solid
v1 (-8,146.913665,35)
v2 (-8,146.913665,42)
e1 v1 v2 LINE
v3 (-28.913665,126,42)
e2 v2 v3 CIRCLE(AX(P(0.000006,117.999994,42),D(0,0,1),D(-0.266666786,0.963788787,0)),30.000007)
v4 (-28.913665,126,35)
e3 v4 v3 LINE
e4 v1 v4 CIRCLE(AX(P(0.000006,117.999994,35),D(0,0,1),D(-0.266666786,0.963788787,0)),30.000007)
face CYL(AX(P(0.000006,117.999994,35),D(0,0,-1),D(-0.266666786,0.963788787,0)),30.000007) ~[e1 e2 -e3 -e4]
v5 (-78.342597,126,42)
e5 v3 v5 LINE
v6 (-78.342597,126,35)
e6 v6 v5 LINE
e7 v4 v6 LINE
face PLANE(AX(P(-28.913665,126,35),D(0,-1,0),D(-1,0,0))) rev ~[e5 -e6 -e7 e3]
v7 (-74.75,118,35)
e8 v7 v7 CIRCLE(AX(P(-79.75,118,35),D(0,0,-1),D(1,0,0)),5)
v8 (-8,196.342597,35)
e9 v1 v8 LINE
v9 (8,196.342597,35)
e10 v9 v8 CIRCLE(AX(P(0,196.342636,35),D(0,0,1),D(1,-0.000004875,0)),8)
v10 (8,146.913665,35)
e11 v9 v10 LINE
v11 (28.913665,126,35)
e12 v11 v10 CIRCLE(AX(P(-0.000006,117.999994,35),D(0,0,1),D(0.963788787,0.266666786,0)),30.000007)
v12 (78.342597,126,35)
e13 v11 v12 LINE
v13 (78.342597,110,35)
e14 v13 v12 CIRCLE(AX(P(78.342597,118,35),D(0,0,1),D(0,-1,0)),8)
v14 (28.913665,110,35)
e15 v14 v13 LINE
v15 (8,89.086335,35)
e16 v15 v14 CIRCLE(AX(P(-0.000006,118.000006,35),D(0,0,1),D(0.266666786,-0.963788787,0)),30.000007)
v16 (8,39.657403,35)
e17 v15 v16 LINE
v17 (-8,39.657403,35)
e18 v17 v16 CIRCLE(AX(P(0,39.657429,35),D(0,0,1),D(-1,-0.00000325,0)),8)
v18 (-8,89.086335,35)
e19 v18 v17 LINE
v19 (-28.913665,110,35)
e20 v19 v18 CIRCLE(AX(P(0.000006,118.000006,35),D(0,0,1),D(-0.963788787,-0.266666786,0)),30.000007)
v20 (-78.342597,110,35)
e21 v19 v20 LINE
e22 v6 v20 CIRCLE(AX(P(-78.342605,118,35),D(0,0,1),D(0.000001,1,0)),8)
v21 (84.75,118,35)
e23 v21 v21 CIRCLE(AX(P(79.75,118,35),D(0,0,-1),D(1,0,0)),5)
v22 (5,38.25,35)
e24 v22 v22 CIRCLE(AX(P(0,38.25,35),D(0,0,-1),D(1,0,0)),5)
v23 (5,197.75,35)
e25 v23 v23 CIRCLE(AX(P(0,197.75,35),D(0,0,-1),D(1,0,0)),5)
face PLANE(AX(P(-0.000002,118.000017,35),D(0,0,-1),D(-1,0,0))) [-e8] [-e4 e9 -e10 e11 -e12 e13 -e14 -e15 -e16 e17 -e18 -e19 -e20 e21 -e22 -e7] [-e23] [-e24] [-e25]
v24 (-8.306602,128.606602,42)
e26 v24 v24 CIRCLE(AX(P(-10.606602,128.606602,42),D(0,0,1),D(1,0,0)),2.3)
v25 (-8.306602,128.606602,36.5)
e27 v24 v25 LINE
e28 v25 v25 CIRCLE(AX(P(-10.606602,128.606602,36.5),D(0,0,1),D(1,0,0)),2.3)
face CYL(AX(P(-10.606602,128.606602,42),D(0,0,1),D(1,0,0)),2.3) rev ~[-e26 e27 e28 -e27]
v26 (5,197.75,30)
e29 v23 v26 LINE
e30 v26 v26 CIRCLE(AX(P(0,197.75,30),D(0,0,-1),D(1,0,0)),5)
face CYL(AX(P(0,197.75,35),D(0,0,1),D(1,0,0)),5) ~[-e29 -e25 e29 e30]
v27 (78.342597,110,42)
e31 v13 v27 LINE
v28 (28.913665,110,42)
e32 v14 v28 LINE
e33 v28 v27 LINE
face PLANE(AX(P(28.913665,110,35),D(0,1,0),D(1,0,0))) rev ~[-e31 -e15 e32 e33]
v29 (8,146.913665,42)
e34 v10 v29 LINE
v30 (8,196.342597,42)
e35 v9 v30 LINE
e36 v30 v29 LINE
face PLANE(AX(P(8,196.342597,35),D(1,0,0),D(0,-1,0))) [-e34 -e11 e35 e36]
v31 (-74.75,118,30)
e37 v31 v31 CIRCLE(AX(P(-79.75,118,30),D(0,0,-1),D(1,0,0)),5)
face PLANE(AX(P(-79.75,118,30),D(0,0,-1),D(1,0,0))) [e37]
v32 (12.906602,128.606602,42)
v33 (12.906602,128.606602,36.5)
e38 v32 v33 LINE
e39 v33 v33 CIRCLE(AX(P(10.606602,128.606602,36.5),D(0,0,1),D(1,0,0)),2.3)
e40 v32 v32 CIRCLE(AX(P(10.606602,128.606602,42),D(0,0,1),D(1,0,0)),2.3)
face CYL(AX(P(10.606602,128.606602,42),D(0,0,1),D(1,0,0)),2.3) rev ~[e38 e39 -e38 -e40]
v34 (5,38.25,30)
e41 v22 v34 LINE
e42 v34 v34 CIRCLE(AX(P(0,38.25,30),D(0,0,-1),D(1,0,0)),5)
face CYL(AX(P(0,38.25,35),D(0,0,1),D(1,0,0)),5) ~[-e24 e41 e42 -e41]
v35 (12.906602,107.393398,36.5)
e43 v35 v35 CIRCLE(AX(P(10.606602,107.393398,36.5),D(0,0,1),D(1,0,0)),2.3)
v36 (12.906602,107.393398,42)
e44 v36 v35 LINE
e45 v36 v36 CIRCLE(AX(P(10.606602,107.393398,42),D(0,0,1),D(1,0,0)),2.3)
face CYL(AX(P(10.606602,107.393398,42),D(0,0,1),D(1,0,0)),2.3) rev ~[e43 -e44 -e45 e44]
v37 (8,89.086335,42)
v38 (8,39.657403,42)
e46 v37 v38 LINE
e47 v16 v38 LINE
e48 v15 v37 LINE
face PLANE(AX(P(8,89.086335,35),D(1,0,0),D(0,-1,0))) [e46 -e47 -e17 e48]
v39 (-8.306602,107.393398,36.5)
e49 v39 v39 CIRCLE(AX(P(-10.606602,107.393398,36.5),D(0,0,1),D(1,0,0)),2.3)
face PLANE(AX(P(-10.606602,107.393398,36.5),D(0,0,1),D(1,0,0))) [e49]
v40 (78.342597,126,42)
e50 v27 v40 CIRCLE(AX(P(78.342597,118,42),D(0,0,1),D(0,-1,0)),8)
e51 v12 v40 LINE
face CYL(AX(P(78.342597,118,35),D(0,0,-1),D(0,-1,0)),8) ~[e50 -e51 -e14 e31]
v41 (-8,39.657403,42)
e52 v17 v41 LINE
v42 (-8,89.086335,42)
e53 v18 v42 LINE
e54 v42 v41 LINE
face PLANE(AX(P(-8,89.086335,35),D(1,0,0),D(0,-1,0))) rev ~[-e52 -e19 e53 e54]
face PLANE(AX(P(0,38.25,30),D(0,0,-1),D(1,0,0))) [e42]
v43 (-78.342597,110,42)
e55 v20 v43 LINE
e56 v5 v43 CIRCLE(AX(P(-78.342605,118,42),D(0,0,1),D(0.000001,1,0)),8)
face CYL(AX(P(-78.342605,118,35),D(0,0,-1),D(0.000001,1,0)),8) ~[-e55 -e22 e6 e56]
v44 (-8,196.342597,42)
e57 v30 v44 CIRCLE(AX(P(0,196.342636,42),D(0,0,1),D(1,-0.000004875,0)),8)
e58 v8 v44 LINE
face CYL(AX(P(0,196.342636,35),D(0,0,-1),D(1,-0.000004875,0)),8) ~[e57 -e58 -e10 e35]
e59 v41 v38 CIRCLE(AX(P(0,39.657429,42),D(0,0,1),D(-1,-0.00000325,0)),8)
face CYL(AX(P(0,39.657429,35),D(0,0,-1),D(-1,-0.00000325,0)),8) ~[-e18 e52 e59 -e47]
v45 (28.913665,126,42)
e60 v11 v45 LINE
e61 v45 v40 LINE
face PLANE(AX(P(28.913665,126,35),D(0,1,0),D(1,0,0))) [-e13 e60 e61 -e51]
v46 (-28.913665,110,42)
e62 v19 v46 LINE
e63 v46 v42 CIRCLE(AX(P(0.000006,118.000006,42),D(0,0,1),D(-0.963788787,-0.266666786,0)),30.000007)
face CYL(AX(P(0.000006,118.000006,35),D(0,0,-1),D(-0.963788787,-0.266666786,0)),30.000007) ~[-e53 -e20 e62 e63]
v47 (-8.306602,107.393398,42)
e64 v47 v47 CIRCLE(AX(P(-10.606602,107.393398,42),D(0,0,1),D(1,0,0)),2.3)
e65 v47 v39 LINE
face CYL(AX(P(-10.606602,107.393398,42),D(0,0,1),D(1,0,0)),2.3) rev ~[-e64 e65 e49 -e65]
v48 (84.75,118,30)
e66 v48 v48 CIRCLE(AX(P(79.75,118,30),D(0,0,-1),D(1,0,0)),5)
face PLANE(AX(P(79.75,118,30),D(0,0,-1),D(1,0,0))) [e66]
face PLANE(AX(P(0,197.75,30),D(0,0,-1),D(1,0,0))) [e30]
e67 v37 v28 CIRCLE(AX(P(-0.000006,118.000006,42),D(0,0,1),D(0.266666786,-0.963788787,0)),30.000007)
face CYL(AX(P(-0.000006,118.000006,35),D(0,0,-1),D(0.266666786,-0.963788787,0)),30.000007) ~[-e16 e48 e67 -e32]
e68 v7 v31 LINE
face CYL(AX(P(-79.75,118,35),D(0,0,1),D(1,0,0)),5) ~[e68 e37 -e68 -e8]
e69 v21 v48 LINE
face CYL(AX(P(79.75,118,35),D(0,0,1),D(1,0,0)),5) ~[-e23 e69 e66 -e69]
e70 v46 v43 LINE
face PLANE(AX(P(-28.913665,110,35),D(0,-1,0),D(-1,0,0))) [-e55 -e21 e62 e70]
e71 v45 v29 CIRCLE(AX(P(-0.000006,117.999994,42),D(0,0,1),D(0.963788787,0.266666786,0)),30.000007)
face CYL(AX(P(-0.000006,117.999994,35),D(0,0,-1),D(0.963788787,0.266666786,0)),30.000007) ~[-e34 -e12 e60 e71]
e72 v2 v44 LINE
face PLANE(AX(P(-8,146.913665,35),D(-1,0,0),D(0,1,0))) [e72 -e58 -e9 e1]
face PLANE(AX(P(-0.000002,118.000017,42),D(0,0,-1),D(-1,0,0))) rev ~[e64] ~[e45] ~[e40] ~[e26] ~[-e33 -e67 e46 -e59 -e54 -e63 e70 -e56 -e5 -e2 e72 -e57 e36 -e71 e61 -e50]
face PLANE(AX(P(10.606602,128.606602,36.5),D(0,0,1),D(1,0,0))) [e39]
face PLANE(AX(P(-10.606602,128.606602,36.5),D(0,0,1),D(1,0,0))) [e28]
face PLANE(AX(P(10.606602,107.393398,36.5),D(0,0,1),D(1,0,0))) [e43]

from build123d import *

# Parameters (mm, degrees)
PAD048_DEPTH    = 7
SKETCH145_R     = 5
PAD052_DEPTH    = 5
SKETCH146_R     = 2.3
POCKET042_DEPTH = 5.5


with BuildPart() as part:
    # Sketch134 → Pad048 (new body)
    with BuildSketch(Plane.XY):
        with BuildLine():
            Line((28.913665, 126), (78.342597, 126))
            ThreePointArc((78.342597, 110), (86.342597, 118), (78.342597, 126))
            Line((28.913665, 110), (78.342597, 110))
            ThreePointArc((8, 89.086335), (21.213203, 96.786797), (28.913665, 110))
            Line((8, 89.086335), (8, 39.657403))
            ThreePointArc((-8, 39.657403), (0, 31.657429), (8, 39.657403))
            Line((-8, 89.086335), (-8, 39.657403))
            ThreePointArc((-28.913665, 110), (-21.213203, 96.786797), (-8, 89.086335))
            Line((-28.913665, 110), (-78.342597, 110))
            ThreePointArc((-78.342597, 126), (-86.342605, 118), (-78.342597, 110))
            Line((-28.913665, 126), (-78.342597, 126))
            ThreePointArc((-8, 146.913665), (-21.213203, 139.213203), (-28.913665, 126))
            Line((-8, 146.913665), (-8, 196.342597))
            ThreePointArc((8, 196.342597), (0, 204.342636), (-8, 196.342597))
            Line((8, 196.342597), (8, 146.913665))
            ThreePointArc((28.913665, 126), (21.213203, 139.213203), (8, 146.913665))
        make_face()
    extrude(amount=PAD048_DEPTH)

    # Sketch145 → Pad052 (join)
    with BuildSketch(Plane(origin=(0, 0, 0), x_dir=(1, 0, 0), z_dir=(0, 0, -1))):
        with Locations((0, -38.25)):
            Circle(SKETCH145_R)
        with Locations((0, -197.75)):
            Circle(SKETCH145_R)
        with Locations((-79.75, -118)):
            Circle(SKETCH145_R)
        with Locations((79.75, -118)):
            Circle(SKETCH145_R)
    extrude(amount=PAD052_DEPTH)

    # Sketch146 (on Face5 of Pad052) → Pocket042 (cut)
    with BuildSketch(Plane.XY.offset(7)):
        with Locations((-10.606602, 128.606602)):
            Circle(SKETCH146_R)
        with Locations((10.606602, 128.606602)):
            Circle(SKETCH146_R)
        with Locations((10.606602, 107.393398)):
            Circle(SKETCH146_R)
        with Locations((-10.606602, 107.393398)):
            Circle(SKETCH146_R)
    extrude(amount=-POCKET042_DEPTH, mode=Mode.SUBTRACT)


with BuildPart() as part_1:
    # Body021 placement: moved
    add(part.part.moved(Location((0, 0, 35))))


solid = part_1.part
